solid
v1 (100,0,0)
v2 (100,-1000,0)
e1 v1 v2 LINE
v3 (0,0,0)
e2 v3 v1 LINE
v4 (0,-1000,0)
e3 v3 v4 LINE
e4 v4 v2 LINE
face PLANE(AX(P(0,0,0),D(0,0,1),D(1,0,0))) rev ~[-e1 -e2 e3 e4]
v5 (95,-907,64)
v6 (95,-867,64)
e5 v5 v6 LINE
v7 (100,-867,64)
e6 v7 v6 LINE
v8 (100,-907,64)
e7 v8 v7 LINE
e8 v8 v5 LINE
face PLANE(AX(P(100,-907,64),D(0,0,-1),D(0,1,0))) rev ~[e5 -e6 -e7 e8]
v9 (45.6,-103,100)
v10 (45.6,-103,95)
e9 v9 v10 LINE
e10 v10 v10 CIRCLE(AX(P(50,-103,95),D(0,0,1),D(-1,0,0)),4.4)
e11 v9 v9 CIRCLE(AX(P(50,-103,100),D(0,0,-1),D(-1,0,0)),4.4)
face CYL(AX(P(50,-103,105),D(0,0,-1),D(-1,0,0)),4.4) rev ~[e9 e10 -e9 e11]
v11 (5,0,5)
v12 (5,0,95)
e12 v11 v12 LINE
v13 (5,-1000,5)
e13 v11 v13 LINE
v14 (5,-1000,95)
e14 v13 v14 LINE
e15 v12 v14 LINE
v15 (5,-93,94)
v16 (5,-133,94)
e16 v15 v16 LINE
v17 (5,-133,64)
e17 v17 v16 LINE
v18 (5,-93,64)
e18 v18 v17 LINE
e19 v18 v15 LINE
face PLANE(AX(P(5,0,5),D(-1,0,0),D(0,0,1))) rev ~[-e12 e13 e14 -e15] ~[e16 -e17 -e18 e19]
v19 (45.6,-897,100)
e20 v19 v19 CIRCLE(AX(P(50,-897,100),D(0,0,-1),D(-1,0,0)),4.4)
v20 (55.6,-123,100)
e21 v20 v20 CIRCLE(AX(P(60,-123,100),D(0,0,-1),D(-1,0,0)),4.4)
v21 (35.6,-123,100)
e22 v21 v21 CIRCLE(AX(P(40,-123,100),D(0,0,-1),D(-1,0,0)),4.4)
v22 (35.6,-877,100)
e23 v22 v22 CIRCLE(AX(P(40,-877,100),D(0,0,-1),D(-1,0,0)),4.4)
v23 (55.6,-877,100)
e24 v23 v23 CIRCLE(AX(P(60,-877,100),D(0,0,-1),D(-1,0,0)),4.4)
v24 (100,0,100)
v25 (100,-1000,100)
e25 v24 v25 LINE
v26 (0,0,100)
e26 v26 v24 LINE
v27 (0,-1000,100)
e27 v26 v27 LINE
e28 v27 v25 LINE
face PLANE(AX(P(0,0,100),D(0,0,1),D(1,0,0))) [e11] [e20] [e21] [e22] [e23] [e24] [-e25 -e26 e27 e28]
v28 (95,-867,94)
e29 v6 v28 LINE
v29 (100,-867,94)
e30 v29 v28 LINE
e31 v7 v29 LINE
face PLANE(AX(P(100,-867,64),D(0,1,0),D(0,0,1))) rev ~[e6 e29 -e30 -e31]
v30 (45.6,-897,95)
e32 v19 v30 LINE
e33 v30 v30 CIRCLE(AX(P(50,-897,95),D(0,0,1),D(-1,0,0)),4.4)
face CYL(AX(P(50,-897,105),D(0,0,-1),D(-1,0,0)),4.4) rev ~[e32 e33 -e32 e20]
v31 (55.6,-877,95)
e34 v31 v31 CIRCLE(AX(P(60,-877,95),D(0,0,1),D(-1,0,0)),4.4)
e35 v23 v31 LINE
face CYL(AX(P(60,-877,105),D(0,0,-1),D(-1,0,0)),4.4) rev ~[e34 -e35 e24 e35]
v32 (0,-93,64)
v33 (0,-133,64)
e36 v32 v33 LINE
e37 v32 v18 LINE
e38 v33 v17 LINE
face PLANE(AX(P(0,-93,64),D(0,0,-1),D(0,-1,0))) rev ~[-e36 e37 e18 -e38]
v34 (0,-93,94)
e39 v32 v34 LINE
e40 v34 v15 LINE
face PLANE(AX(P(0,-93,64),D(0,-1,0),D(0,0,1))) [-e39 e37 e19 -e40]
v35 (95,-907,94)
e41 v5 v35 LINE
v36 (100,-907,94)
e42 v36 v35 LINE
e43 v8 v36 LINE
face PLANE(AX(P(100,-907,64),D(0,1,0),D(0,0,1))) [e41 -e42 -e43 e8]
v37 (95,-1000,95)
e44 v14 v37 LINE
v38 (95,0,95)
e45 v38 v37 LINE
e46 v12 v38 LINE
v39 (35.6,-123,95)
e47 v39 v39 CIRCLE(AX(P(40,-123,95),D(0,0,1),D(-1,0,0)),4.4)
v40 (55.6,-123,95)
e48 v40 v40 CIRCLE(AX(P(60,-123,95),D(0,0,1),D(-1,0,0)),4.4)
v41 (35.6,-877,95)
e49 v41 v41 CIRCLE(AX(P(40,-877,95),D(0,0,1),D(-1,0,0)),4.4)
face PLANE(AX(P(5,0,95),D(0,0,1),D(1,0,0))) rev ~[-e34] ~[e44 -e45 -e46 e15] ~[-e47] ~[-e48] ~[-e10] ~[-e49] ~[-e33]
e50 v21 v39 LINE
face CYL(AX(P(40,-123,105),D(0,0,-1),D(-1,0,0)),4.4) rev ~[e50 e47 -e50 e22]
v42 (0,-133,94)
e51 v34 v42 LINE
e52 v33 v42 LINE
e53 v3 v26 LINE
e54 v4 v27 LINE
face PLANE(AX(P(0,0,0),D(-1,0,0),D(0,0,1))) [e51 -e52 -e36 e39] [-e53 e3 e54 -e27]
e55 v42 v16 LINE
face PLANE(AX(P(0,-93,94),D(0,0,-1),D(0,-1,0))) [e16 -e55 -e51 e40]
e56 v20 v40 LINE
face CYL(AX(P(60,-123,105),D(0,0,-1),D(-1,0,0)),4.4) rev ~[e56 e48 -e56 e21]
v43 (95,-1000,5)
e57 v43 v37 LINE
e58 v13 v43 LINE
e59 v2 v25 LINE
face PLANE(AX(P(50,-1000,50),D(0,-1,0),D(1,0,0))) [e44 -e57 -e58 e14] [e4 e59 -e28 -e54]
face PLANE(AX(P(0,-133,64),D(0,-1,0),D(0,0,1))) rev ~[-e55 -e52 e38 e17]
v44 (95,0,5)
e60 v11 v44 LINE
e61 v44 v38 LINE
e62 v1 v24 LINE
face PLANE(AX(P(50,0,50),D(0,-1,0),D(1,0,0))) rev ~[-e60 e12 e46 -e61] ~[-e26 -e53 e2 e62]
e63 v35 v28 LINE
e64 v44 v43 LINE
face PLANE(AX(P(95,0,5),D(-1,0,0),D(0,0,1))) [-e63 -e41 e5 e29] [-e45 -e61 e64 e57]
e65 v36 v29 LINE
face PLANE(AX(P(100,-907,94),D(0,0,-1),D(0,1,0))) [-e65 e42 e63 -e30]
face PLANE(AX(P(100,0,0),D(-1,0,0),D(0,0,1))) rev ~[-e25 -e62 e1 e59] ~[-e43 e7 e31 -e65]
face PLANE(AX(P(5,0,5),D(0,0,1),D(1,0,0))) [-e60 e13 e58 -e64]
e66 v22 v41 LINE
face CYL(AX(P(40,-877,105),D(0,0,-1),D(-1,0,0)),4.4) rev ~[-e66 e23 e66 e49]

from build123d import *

# Parameters (mm, degrees)
F0_W     = 100
F0_H     = 100
F0_W_2   = 90
F0_H_2   = 90
F1_DEPTH = 1000
F2_W     = 40
F2_H     = 30
F3_DEPTH = 5
F4_W     = 40
F4_H     = 30
F5_DEPTH = 5
F7_D     = 8.8
F7_DEPTH = 5
F7_TIP   = 2.6437867237


with BuildPart() as f1:
    # F0 (on Front) → F1 (new body)
    with BuildSketch(Plane.XZ):
        with Locations((50, 50)):
            Rectangle(F0_W, F0_H)
        with Locations((50, 50)):
            Rectangle(F0_W_2, F0_H_2, mode=Mode.SUBTRACT)
    extrude(amount=F1_DEPTH)

    # F2 (on face) → F3 (cut)
    with BuildSketch(Plane.YZ.offset(100)):
        with Locations((-887, 79)):
            Rectangle(F2_W, F2_H)
    extrude(amount=-F3_DEPTH, mode=Mode.SUBTRACT)

    # F4 (on face) → F5 (cut)
    with BuildSketch(Plane(origin=(0, 0, 0), x_dir=(0, -1, 0), z_dir=(-1, 0, 0))):
        with Locations((113, 79)):
            Rectangle(F4_W, F4_H)
    extrude(amount=-F5_DEPTH, mode=Mode.SUBTRACT)

    # F7
    with Locations(Plane.XY.offset(100)):
        with Locations((50, -103), (40, -123), (60, -123), (40, -877), (60, -877), (50, -897)):
            Hole(F7_D / 2, depth=F7_DEPTH)
            with Locations((0, 0, -(F7_DEPTH + F7_TIP / 2))):  # 118° drill point
                Cone(0, F7_D / 2, F7_TIP, mode=Mode.SUBTRACT)


solid = f1.part
